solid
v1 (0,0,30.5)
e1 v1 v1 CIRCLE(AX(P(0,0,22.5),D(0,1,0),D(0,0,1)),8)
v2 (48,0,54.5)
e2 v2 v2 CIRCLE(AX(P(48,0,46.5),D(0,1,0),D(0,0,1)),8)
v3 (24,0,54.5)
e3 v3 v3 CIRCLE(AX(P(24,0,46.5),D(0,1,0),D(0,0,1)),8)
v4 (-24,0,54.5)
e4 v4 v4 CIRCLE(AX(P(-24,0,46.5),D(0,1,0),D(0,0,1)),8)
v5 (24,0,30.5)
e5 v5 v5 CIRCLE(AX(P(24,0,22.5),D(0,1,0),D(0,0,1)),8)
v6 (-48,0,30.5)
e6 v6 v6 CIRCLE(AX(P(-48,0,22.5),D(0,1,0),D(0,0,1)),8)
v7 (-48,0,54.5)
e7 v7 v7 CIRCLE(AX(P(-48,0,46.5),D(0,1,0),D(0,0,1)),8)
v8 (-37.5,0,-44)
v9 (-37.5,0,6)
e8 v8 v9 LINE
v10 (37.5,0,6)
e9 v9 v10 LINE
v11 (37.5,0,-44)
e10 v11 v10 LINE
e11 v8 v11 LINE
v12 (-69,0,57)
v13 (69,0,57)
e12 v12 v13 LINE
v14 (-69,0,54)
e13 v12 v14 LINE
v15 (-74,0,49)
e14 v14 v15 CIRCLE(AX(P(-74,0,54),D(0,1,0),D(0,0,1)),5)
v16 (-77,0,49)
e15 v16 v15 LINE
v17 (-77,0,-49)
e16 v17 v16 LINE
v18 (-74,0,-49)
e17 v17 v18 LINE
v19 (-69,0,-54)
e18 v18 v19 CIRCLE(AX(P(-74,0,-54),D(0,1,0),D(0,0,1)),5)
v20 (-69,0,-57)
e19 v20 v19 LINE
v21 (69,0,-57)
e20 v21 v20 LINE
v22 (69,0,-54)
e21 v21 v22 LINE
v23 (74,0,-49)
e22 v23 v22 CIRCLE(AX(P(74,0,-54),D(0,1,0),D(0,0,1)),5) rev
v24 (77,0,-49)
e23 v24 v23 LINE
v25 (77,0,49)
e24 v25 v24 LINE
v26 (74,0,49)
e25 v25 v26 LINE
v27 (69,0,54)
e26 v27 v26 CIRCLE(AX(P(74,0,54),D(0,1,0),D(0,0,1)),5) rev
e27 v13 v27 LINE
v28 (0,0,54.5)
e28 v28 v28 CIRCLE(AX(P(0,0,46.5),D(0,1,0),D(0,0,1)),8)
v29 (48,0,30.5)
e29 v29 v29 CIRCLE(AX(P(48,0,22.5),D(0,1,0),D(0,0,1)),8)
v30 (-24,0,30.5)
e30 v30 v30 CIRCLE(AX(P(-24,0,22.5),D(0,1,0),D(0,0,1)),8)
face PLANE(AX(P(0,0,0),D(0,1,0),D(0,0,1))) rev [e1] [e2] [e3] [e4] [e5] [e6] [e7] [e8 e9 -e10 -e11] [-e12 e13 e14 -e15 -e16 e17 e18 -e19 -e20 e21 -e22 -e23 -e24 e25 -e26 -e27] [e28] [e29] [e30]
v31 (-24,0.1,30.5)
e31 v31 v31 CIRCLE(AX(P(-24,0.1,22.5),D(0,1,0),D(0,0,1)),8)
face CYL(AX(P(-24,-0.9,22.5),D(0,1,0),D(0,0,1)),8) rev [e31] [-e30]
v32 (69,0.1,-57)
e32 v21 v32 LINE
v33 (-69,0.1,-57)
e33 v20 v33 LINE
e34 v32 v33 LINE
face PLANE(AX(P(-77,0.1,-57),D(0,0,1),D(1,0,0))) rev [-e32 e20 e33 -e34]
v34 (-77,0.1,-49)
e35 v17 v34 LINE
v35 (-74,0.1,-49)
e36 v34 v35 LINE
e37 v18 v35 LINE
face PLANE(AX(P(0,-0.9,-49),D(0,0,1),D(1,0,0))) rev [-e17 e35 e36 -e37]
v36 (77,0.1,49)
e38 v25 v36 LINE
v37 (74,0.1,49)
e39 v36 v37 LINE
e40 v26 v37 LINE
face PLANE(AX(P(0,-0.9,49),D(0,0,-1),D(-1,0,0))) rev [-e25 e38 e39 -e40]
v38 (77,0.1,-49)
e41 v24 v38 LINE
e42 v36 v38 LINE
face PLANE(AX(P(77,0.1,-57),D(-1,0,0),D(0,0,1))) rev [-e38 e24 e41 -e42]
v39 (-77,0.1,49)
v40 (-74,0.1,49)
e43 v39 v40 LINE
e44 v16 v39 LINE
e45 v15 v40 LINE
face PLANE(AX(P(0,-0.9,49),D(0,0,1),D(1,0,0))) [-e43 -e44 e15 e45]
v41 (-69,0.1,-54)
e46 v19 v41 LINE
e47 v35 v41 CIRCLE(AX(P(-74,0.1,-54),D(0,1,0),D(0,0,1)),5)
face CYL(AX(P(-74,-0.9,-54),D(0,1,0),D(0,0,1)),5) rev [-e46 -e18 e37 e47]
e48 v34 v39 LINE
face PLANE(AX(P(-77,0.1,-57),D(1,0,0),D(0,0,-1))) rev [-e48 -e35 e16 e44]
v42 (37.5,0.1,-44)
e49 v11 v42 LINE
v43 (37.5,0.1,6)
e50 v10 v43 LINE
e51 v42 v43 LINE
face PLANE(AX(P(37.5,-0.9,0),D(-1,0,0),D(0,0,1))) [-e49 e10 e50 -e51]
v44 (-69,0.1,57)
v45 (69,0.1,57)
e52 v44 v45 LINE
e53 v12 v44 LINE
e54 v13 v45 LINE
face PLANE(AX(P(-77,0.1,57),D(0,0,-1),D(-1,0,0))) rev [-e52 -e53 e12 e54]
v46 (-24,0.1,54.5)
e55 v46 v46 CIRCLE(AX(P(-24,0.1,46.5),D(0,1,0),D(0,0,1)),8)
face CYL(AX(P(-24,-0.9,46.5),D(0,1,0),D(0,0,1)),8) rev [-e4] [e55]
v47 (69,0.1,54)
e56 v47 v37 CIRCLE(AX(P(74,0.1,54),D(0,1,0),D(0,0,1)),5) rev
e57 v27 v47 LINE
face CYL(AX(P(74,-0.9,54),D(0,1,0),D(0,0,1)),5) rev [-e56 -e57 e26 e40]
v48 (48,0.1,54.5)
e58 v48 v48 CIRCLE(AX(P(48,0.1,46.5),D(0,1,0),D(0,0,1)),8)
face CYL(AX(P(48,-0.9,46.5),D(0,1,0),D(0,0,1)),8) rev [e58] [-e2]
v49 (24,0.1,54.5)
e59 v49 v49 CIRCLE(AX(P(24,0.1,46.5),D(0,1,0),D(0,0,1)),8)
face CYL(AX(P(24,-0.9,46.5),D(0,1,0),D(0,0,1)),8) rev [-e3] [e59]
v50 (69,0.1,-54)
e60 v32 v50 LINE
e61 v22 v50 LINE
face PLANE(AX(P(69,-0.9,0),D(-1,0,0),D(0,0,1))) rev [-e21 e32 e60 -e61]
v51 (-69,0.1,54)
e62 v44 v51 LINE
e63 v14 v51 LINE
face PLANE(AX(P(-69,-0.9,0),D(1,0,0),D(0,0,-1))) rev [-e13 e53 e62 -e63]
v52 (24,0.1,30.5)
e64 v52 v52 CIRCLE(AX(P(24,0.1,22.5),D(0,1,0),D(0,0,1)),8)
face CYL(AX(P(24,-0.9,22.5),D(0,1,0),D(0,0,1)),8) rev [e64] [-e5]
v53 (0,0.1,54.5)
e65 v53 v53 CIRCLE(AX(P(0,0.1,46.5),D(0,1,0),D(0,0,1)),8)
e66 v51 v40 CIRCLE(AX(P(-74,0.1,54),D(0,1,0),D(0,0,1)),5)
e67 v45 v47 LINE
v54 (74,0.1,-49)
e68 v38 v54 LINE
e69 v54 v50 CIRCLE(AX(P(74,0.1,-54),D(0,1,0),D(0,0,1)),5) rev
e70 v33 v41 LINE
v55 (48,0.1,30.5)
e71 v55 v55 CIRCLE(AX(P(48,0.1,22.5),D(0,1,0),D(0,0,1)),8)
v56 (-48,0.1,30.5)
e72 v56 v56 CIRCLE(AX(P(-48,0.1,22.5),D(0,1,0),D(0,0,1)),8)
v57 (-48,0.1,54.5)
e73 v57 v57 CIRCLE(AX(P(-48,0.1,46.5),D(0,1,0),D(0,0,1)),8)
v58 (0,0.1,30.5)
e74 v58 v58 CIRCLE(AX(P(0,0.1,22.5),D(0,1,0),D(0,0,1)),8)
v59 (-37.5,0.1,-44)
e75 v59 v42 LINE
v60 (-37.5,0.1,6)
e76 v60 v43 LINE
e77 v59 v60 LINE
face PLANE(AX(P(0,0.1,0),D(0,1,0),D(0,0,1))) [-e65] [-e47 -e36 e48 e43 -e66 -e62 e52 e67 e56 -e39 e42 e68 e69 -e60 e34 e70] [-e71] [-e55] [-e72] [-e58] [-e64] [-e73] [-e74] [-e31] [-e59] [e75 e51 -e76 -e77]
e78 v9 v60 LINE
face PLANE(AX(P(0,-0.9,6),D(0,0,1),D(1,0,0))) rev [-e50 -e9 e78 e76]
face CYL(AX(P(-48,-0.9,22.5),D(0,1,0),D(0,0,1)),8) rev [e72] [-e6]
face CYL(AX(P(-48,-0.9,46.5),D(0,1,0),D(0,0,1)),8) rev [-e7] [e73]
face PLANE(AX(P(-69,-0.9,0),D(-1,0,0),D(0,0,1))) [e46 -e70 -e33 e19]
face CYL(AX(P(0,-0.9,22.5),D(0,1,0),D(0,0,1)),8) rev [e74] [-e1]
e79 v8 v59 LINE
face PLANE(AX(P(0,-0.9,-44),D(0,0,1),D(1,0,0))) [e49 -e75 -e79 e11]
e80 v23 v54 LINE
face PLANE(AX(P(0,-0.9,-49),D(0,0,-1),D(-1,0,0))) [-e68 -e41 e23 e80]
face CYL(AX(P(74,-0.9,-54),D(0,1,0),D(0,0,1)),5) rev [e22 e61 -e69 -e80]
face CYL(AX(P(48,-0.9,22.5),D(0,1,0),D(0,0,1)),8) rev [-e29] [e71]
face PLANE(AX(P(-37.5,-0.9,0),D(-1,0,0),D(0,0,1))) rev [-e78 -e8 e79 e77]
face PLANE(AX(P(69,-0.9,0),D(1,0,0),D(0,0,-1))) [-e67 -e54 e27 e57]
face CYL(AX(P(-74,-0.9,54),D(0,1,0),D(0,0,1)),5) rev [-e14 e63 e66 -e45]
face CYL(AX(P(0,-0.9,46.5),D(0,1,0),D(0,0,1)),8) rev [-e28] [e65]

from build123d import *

# Parameters (mm, degrees)
SKETCH1_W           = 154
SKETCH1_H           = 114
BOSS_EXTRUDE1_DEPTH = 0.1
CUT_EXTRUDE1_DEPTH  = 3
SKETCH3_R           = 8
SKETCH3_W           = 75
SKETCH3_H           = 50
CUT_EXTRUDE2_DEPTH  = 1


with BuildPart() as part:
    # Sketch1 → Boss-Extrude1 (new body)
    with BuildSketch(Plane(origin=(0, 0, 0), x_dir=(1, 0, 0), z_dir=(0, 1, 0))):
        Rectangle(SKETCH1_W, SKETCH1_H)
    extrude(amount=BOSS_EXTRUDE1_DEPTH)

    # Sketch2 → Cut-Extrude1 (cut)
    with BuildSketch(Plane(origin=(0, 0.1, 0), x_dir=(1, 0, 0), z_dir=(0, 1, 0))):
        with BuildLine():
            Line((-52.05, -19.483379374), (-52.05, -25.516620626))
            ThreePointArc((-52.05, -25.516620626), (-48, -27.55), (-43.95, -25.516620626))
            Line((-43.95, -25.516620626), (-43.95, -19.483379374))
            ThreePointArc((-43.95, -19.483379374), (-48, -17.45), (-52.05, -19.483379374))
        make_face()
        with BuildLine():
            Line((-19.95, -19.483379374), (-19.95, -25.516620626))
            ThreePointArc((-19.95, -25.516620626), (-24, -27.55), (-28.05, -25.516620626))
            Line((-28.05, -25.516620626), (-28.05, -19.483379374))
            ThreePointArc((-28.05, -19.483379374), (-24, -17.45), (-19.95, -19.483379374))
        make_face()
        with BuildLine():
            Line((4.05, -19.483379374), (4.05, -25.516620626))
            ThreePointArc((4.05, -25.516620626), (0, -27.55), (-4.05, -25.516620626))
            Line((-4.05, -25.516620626), (-4.05, -19.483379374))
            ThreePointArc((-4.05, -19.483379374), (0, -17.45), (4.05, -19.483379374))
        make_face()
        with BuildLine():
            Line((28.05, -19.483379374), (28.05, -25.516620626))
            ThreePointArc((28.05, -25.516620626), (24, -27.55), (19.95, -25.516620626))
            Line((19.95, -25.516620626), (19.95, -19.483379374))
            ThreePointArc((19.95, -19.483379374), (24, -17.45), (28.05, -19.483379374))
        make_face()
        with BuildLine():
            Line((52.05, -19.483379374), (52.05, -25.516620626))
            ThreePointArc((52.05, -25.516620626), (48, -27.55), (43.95, -25.516620626))
            Line((43.95, -25.516620626), (43.95, -19.483379374))
            ThreePointArc((43.95, -19.483379374), (48, -17.45), (52.05, -19.483379374))
        make_face()
        with BuildLine():
            Line((-19.95, -43.483379374), (-19.95, -49.516620626))
            ThreePointArc((-19.95, -49.516620626), (-24, -51.55), (-28.05, -49.516620626))
            Line((-28.05, -49.516620626), (-28.05, -43.483379374))
            ThreePointArc((-28.05, -43.483379374), (-24, -41.45), (-19.95, -43.483379374))
        make_face()
        with BuildLine():
            Line((4.05, -43.483379374), (4.05, -49.516620626))
            ThreePointArc((4.05, -49.516620626), (0, -51.55), (-4.05, -49.516620626))
            Line((-4.05, -49.516620626), (-4.05, -43.483379374))
            ThreePointArc((-4.05, -43.483379374), (0, -41.45), (4.05, -43.483379374))
        make_face()
        with BuildLine():
            Line((28.05, -43.483379374), (28.05, -49.516620626))
            ThreePointArc((28.05, -49.516620626), (24, -51.55), (19.95, -49.516620626))
            Line((19.95, -49.516620626), (19.95, -43.483379374))
            ThreePointArc((19.95, -43.483379374), (24, -41.45), (28.05, -43.483379374))
        make_face()
        with BuildLine():
            Line((52.05, -43.483379374), (52.05, -49.516620626))
            ThreePointArc((52.05, -49.516620626), (48, -51.55), (43.95, -49.516620626))
            Line((43.95, -49.516620626), (43.95, -43.483379374))
            ThreePointArc((43.95, -43.483379374), (48, -41.45), (52.05, -43.483379374))
        make_face()
        with BuildLine():
            Line((-43.95, -43.483379374), (-43.95, -49.516620626))
            ThreePointArc((-43.95, -49.516620626), (-48, -51.55), (-52.05, -49.516620626))
            Line((-52.05, -49.516620626), (-52.05, -43.483379374))
            ThreePointArc((-52.05, -43.483379374), (-48, -41.45), (-43.95, -43.483379374))
        make_face()
    extrude(amount=-CUT_EXTRUDE1_DEPTH, mode=Mode.SUBTRACT)

    # Sketch3 → Cut-Extrude2 (cut)
    # profile 1 of 15: a face of its own
    with BuildSketch(Plane(origin=(0, 0.1, 0), x_dir=(1, 0, 0), z_dir=(0, 1, 0))):
        with BuildLine():
            Line((-69, 57), (-77, 57))
            Line((-77, 57), (-77, 49))
            Line((-77, 49), (-74, 49))
            ThreePointArc((-74, 49), (-70.464466094, 50.464466094), (-69, 54))
            Line((-69, 54), (-69, 57))
        make_face()
    # profile 2 of 15: a face of its own
    with BuildSketch(Plane(origin=(0, 0.1, 0), x_dir=(1, 0, 0), z_dir=(0, 1, 0))):
        with BuildLine():
            Line((77, 57), (69, 57))
            Line((69, 57), (69, 54))
            ThreePointArc((69, 54), (70.464466094, 50.464466094), (74, 49))
            Line((74, 49), (77, 49))
            Line((77, 49), (77, 57))
        make_face()
    # profile 3 of 15: a face of its own
    with BuildSketch(Plane(origin=(0, 0.1, 0), x_dir=(1, 0, 0), z_dir=(0, 1, 0))):
        with BuildLine():
            Line((77, -57), (77, -49))
            Line((77, -49), (74, -49))
            ThreePointArc((74, -49), (70.464466094, -50.464466094), (69, -54))
            Line((69, -54), (69, -57))
            Line((69, -57), (77, -57))
        make_face()
    # profile 4 of 15: a face of its own
    with BuildSketch(Plane(origin=(0, 0.1, 0), x_dir=(1, 0, 0), z_dir=(0, 1, 0))):
        with BuildLine():
            Line((-74, -49), (-77, -49))
            Line((-77, -49), (-77, -57))
            Line((-77, -57), (-69, -57))
            Line((-69, -57), (-69, -54))
            ThreePointArc((-69, -54), (-70.464466094, -50.464466094), (-74, -49))
        make_face()
    # profile 5 of 15: a face of its own
    with BuildSketch(Plane(origin=(0, 0.1, 0), x_dir=(1, 0, 0), z_dir=(0, 1, 0))):
        with Locations(Location((-48, -22.5, 0), (0, 0, 270))):
            Circle(SKETCH3_R)
        with BuildLine():
            Line((-52.05, -25.516620626), (-52.05, -19.483379374))
            ThreePointArc((-52.05, -19.483379374), (-48, -17.45), (-43.95, -19.483379374))
            Line((-43.95, -19.483379374), (-43.95, -25.516620626))
            ThreePointArc((-43.95, -25.516620626), (-48, -27.55), (-52.05, -25.516620626))
        make_face(mode=Mode.SUBTRACT)
    # profile 6 of 15: a face of its own
    with BuildSketch(Plane(origin=(0, 0.1, 0), x_dir=(1, 0, 0), z_dir=(0, 1, 0))):
        with Locations(Location((-24, -22.5, 0), (0, 0, 270))):
            Circle(SKETCH3_R)
        with BuildLine():
            Line((-28.05, -25.516620626), (-28.05, -19.483379374))
            ThreePointArc((-28.05, -19.483379374), (-24, -17.45), (-19.95, -19.483379374))
            Line((-19.95, -19.483379374), (-19.95, -25.516620626))
            ThreePointArc((-19.95, -25.516620626), (-24, -27.55), (-28.05, -25.516620626))
        make_face(mode=Mode.SUBTRACT)
    # profile 7 of 15: a face of its own
    with BuildSketch(Plane(origin=(0, 0.1, 0), x_dir=(1, 0, 0), z_dir=(0, 1, 0))):
        with Locations(Location((0, -22.5, 0), (0, 0, 270))):
            Circle(SKETCH3_R)
        with BuildLine():
            Line((-4.05, -25.516620626), (-4.05, -19.483379374))
            ThreePointArc((-4.05, -19.483379374), (0, -17.45), (4.05, -19.483379374))
            Line((4.05, -19.483379374), (4.05, -25.516620626))
            ThreePointArc((4.05, -25.516620626), (0, -27.55), (-4.05, -25.516620626))
        make_face(mode=Mode.SUBTRACT)
    # profile 8 of 15: a face of its own
    with BuildSketch(Plane(origin=(0, 0.1, 0), x_dir=(1, 0, 0), z_dir=(0, 1, 0))):
        with Locations(Location((24, -22.5, 0), (0, 0, 270))):
            Circle(SKETCH3_R)
        with BuildLine():
            Line((19.95, -25.516620626), (19.95, -19.483379374))
            ThreePointArc((19.95, -19.483379374), (24, -17.45), (28.05, -19.483379374))
            Line((28.05, -19.483379374), (28.05, -25.516620626))
            ThreePointArc((28.05, -25.516620626), (24, -27.55), (19.95, -25.516620626))
        make_face(mode=Mode.SUBTRACT)
    # profile 9 of 15: a face of its own
    with BuildSketch(Plane(origin=(0, 0.1, 0), x_dir=(1, 0, 0), z_dir=(0, 1, 0))):
        with Locations(Location((48, -22.5, 0), (0, 0, 270))):
            Circle(SKETCH3_R)
        with BuildLine():
            Line((43.95, -25.516620626), (43.95, -19.483379374))
            ThreePointArc((43.95, -19.483379374), (48, -17.45), (52.05, -19.483379374))
            Line((52.05, -19.483379374), (52.05, -25.516620626))
            ThreePointArc((52.05, -25.516620626), (48, -27.55), (43.95, -25.516620626))
        make_face(mode=Mode.SUBTRACT)
    # profile 10 of 15: a face of its own
    with BuildSketch(Plane(origin=(0, 0.1, 0), x_dir=(1, 0, 0), z_dir=(0, 1, 0))):
        with Locations(Location((48, -46.5, 0), (0, 0, 270))):
            Circle(SKETCH3_R)
        with BuildLine():
            Line((43.95, -49.516620626), (43.95, -43.483379374))
            ThreePointArc((43.95, -43.483379374), (48, -41.45), (52.05, -43.483379374))
            Line((52.05, -43.483379374), (52.05, -49.516620626))
            ThreePointArc((52.05, -49.516620626), (48, -51.55), (43.95, -49.516620626))
        make_face(mode=Mode.SUBTRACT)
    # profile 11 of 15: a face of its own
    with BuildSketch(Plane(origin=(0, 0.1, 0), x_dir=(1, 0, 0), z_dir=(0, 1, 0))):
        with Locations(Location((24, -46.5, 0), (0, 0, 270))):
            Circle(SKETCH3_R)
        with BuildLine():
            Line((19.95, -49.516620626), (19.95, -43.483379374))
            ThreePointArc((19.95, -43.483379374), (24, -41.45), (28.05, -43.483379374))
            Line((28.05, -43.483379374), (28.05, -49.516620626))
            ThreePointArc((28.05, -49.516620626), (24, -51.55), (19.95, -49.516620626))
        make_face(mode=Mode.SUBTRACT)
    # profile 12 of 15: a face of its own
    with BuildSketch(Plane(origin=(0, 0.1, 0), x_dir=(1, 0, 0), z_dir=(0, 1, 0))):
        with Locations(Location((0, -46.5, 0), (0, 0, 270))):
            Circle(SKETCH3_R)
        with BuildLine():
            Line((-4.05, -49.516620626), (-4.05, -43.483379374))
            ThreePointArc((-4.05, -43.483379374), (0, -41.45), (4.05, -43.483379374))
            Line((4.05, -43.483379374), (4.05, -49.516620626))
            ThreePointArc((4.05, -49.516620626), (0, -51.55), (-4.05, -49.516620626))
        make_face(mode=Mode.SUBTRACT)
    # profile 13 of 15: a face of its own
    with BuildSketch(Plane(origin=(0, 0.1, 0), x_dir=(1, 0, 0), z_dir=(0, 1, 0))):
        with Locations(Location((-24, -46.5, 0), (0, 0, 270))):
            Circle(SKETCH3_R)
        with BuildLine():
            Line((-28.05, -49.516620626), (-28.05, -43.483379374))
            ThreePointArc((-28.05, -43.483379374), (-24, -41.45), (-19.95, -43.483379374))
            Line((-19.95, -43.483379374), (-19.95, -49.516620626))
            ThreePointArc((-19.95, -49.516620626), (-24, -51.55), (-28.05, -49.516620626))
        make_face(mode=Mode.SUBTRACT)
    # profile 14 of 15: a face of its own
    with BuildSketch(Plane(origin=(0, 0.1, 0), x_dir=(1, 0, 0), z_dir=(0, 1, 0))):
        with Locations(Location((-48, -46.5, 0), (0, 0, 270))):
            Circle(SKETCH3_R)
        with BuildLine():
            Line((-52.05, -49.516620626), (-52.05, -43.483379374))
            ThreePointArc((-52.05, -43.483379374), (-48, -41.45), (-43.95, -43.483379374))
            Line((-43.95, -43.483379374), (-43.95, -49.516620626))
            ThreePointArc((-43.95, -49.516620626), (-48, -51.55), (-52.05, -49.516620626))
        make_face(mode=Mode.SUBTRACT)
    # profile 15 of 15: a face of its own
    with BuildSketch(Plane(origin=(0, 0.1, 0), x_dir=(1, 0, 0), z_dir=(0, 1, 0))):
        with Locations((0, 19)):
            Rectangle(SKETCH3_W, SKETCH3_H)
    extrude(amount=-CUT_EXTRUDE2_DEPTH, mode=Mode.SUBTRACT)


solid = part.part
